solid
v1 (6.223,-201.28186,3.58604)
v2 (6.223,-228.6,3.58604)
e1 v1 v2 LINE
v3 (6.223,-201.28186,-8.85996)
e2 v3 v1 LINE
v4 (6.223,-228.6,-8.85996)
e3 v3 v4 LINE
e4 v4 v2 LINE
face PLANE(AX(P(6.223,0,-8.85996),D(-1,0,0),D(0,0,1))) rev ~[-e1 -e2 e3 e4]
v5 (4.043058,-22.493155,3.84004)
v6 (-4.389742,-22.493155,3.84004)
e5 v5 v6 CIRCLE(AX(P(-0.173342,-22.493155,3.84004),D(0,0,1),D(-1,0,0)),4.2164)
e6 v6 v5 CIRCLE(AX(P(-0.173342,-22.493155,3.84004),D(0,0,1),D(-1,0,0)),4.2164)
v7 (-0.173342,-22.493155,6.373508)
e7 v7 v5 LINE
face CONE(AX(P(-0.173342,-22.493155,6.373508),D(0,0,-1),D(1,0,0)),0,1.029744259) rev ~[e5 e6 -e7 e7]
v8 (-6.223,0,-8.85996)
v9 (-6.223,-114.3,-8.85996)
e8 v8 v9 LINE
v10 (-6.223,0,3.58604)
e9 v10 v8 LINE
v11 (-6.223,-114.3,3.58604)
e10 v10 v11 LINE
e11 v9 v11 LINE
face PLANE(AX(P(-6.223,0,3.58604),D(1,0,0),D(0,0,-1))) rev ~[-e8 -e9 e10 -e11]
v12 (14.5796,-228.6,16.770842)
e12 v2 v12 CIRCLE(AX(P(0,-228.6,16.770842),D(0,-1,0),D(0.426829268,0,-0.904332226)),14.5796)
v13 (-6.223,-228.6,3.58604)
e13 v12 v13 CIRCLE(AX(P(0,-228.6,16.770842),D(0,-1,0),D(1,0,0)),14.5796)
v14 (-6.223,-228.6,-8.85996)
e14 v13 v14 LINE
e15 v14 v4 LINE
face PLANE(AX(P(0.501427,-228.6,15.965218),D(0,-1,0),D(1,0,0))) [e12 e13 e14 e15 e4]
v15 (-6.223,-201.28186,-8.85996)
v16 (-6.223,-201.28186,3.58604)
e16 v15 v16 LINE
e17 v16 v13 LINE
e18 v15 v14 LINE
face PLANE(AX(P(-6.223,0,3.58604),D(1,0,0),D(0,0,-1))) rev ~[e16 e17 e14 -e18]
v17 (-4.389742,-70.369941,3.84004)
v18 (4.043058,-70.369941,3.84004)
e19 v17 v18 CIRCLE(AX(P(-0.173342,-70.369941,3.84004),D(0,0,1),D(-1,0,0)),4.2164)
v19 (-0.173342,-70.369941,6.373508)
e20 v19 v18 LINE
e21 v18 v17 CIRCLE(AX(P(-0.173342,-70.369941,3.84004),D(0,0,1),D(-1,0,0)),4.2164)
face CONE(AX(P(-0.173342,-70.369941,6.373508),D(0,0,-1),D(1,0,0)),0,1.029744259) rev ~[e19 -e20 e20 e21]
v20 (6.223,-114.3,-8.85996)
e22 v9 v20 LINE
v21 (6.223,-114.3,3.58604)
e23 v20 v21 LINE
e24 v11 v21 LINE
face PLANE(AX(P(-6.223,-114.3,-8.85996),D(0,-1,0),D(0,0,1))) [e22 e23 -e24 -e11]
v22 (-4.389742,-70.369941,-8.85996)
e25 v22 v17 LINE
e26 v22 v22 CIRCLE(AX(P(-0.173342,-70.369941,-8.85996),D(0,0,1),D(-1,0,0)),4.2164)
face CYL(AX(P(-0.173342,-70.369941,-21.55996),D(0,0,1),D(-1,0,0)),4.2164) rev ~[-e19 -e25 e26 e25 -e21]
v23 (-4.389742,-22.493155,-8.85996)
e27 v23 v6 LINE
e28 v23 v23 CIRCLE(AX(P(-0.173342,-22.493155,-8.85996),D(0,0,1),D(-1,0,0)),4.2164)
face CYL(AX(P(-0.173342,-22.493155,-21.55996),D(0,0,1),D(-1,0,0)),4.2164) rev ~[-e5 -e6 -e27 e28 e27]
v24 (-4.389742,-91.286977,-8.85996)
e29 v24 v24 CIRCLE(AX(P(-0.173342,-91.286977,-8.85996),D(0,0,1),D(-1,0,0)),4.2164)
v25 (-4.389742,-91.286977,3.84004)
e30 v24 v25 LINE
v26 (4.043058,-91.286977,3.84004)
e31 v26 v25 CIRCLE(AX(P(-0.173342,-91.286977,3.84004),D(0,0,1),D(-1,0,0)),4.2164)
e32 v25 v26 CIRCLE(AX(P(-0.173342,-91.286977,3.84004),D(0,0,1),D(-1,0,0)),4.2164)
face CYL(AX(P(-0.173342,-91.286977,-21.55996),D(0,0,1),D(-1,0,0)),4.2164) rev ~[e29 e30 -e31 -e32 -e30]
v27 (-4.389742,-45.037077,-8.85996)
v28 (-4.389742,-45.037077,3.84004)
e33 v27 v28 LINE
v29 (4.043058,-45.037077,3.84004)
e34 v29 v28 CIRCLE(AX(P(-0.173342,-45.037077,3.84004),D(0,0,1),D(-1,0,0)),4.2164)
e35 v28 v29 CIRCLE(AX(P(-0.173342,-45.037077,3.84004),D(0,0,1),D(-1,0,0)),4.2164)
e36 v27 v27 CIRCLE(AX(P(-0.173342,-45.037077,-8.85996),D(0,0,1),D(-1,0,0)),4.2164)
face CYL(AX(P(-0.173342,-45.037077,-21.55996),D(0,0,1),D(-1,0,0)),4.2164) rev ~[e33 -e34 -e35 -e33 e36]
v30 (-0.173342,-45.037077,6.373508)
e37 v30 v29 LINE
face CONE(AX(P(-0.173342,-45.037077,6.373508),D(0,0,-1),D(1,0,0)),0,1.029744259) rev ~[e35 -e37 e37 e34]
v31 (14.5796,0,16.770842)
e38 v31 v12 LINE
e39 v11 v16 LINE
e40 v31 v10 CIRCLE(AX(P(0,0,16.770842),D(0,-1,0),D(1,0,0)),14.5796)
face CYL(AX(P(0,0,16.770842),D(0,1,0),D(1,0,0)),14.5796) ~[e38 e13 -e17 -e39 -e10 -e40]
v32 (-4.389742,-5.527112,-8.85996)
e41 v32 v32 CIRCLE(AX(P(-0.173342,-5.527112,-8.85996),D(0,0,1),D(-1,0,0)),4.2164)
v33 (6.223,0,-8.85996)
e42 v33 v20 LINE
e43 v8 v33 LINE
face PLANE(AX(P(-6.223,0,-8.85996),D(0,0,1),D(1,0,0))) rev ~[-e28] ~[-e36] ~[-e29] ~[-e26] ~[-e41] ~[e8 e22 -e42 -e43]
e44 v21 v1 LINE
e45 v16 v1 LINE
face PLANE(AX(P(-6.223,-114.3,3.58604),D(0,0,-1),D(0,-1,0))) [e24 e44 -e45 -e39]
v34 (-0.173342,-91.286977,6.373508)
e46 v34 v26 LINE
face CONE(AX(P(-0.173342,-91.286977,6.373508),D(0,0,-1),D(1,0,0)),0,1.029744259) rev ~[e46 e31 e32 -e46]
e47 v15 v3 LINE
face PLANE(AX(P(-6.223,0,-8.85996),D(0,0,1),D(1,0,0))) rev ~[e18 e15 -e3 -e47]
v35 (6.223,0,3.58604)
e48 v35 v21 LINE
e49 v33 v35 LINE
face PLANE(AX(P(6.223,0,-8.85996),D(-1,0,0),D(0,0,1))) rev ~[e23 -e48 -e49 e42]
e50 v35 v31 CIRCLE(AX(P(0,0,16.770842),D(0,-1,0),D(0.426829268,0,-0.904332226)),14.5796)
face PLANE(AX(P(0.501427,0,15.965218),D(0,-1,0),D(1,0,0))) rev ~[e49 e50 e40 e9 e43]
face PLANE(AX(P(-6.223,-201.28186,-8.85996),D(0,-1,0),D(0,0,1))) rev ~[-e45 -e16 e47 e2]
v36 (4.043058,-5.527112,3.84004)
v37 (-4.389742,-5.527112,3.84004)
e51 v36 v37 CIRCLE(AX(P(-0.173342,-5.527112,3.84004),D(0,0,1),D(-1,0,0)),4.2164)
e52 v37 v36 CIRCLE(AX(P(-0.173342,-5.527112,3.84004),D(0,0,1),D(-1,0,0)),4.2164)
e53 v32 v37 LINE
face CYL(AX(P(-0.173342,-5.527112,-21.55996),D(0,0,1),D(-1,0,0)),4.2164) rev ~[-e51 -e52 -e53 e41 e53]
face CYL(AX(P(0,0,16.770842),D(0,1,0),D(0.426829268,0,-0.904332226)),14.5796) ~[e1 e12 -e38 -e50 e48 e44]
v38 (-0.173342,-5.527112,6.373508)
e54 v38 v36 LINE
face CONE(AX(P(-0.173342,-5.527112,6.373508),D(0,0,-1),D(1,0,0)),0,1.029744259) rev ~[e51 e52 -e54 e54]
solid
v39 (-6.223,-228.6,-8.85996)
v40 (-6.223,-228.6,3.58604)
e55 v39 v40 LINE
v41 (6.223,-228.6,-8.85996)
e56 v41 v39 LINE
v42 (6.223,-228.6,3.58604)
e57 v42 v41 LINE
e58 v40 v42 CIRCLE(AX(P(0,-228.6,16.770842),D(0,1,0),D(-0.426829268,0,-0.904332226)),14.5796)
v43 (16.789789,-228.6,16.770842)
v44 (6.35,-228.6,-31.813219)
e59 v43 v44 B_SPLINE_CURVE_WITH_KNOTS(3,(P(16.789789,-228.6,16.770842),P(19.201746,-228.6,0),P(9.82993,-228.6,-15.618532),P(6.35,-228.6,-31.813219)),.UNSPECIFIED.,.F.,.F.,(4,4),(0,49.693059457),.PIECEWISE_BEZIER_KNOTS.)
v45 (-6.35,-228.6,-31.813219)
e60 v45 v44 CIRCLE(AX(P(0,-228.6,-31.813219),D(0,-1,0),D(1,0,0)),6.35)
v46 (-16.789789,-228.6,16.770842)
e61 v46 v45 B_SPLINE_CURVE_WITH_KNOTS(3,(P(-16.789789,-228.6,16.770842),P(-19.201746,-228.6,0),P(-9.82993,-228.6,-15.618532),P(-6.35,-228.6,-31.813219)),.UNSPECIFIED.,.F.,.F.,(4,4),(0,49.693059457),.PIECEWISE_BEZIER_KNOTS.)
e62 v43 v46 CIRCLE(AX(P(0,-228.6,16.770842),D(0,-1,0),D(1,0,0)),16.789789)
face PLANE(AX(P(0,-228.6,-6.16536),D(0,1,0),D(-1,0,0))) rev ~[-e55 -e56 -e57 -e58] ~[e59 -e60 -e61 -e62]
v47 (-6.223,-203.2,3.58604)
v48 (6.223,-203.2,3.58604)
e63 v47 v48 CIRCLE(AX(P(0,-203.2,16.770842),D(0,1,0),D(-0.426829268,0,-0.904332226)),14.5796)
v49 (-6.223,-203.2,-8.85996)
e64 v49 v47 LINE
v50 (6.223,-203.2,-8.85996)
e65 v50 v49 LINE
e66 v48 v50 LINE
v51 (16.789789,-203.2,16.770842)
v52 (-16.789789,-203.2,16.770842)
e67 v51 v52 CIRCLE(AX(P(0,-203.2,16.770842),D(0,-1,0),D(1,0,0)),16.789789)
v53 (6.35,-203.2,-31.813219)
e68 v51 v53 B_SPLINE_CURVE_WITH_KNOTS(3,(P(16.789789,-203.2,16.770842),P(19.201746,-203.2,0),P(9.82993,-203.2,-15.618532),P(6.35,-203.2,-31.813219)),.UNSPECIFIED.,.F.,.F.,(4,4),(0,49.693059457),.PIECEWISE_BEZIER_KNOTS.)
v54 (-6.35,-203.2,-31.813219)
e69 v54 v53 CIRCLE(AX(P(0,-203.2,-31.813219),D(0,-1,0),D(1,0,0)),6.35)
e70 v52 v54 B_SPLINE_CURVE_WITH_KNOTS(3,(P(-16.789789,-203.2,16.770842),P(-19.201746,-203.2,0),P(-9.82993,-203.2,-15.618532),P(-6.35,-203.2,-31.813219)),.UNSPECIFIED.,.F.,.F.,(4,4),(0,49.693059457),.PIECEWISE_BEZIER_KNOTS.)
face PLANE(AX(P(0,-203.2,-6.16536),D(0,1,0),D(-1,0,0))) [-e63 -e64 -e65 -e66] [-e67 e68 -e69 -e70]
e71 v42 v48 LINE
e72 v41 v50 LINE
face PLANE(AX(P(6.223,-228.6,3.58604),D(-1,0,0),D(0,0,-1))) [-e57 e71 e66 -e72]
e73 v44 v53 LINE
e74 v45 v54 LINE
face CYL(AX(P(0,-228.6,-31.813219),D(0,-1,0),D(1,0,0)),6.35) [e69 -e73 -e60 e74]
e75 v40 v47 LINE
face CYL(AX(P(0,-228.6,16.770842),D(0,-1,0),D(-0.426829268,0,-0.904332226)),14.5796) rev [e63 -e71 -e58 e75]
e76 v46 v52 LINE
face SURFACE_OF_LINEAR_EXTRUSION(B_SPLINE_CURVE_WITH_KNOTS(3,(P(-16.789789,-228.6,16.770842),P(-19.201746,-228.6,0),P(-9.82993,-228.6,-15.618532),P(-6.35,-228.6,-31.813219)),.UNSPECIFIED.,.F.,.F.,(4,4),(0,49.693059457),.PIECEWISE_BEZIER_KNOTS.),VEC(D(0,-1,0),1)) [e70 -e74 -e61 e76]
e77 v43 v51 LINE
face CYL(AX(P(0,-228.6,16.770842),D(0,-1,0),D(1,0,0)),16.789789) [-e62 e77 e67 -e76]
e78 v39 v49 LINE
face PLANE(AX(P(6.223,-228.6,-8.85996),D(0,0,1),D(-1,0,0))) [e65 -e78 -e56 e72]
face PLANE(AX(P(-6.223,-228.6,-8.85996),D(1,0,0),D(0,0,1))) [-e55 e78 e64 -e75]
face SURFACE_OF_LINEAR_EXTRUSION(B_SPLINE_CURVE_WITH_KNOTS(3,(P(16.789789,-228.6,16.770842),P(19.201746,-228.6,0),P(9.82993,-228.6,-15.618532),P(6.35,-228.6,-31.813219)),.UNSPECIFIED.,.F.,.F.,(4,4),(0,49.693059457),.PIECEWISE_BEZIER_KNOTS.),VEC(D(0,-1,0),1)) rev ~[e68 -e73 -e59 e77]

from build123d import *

# Parameters (mm, degrees)
F1_DEPTH = 228.6
F3_DEPTH = 25.4
F5_D     = 8.4328
F5_DEPTH = 12.7
F5_TIP   = 2.5334687141
F6_W     = 86.9818604708
F6_H     = 12.446
F7_DEPTH = 23.4055951238


with BuildPart() as f1:
    # F0 (on Front) → F1 (new body)
    with BuildSketch(Plane.XZ):
        with BuildLine():
            ThreePointArc((6.223, 3.5860395744), (12.3144952588, 8.9658469761), (14.5796, 16.7708417026))
            ThreePointArc((14.5796, 16.7708417026), (-7.8049947265, 29.0853369614), (-6.223, 3.5860395744))
            ThreePointArc((-6.223, 3.5860395744), (0, 2.1912417026), (6.223, 3.5860395744))
        make_face()
        with BuildLine():
            ThreePointArc((6.223, 3.5860395744), (0, 2.1912417026), (-6.223, 3.5860395744))
            Line((-6.223, 3.5860395744), (-6.223, -8.8599604256))
            Line((-6.223, -8.8599604256), (6.223, -8.8599604256))
            Line((6.223, -8.8599604256), (6.223, 3.5860395744))
        make_face()
    extrude(amount=F1_DEPTH)

    # F5
    with Locations(Plane(origin=(0, 0, -8.8599604256), x_dir=(1, 0, 0), z_dir=(0, 0, -1))):
        with Locations((-0.1733420359, 5.5271118879), (-0.1733420359, 22.4931549281), (-0.1733420359, 45.0370769948), (-0.1733420359, 70.3699413687), (-0.1733420359, 91.286977008)):
            Hole(F5_D / 2, depth=F5_DEPTH)
            with Locations((0, 0, -(F5_DEPTH + F5_TIP / 2))):  # 118° drill point
                Cone(0, F5_D / 2, F5_TIP, mode=Mode.SUBTRACT)

    # F6 (on face) → F7 (cut, through all)
    with BuildSketch(Plane(origin=(-6.223, 0, 0), x_dir=(0, -1, 0), z_dir=(-1, 0, 0))):
        with Locations((157.7909302354, -2.6369604256)):
            Rectangle(F6_W, F6_H)
    extrude(amount=-F7_DEPTH, mode=Mode.SUBTRACT)


with BuildPart() as f3:
    # F2 (on face) → F3 (new body)
    with BuildSketch(Plane.XZ.offset(228.6)):
        with BuildLine():
            add(Edge.make_bspline(
                [(16.7897885729, 16.7708417026), (19.2017462105, 0), (9.8299295243, -15.6185322256), (6.35, -31.8132191896)],
                knots=[0, 0, 0, 0, 49.6930594573, 49.6930594573, 49.6930594573, 49.6930594573], degree=3))
            ThreePointArc((16.7897885729, 16.7708417026), (13.8992779419, 7.3523984651), (6.223, 1.1768918718))
            Line((6.223, 1.1768918718), (6.223, -8.8599604256))
            Line((6.223, -8.8599604256), (-6.223, -8.8599604256))
            Line((-6.223, -8.8599604256), (-6.223, 1.1768918718))
            ThreePointArc((-6.223, 1.1768918718), (-13.8992779419, 7.3523984651), (-16.7897885729, 16.7708417026))
            add(Edge.make_bspline(
                [(-16.7897885729, 16.7708417026), (-19.2017462105, 0), (-9.8299295243, -15.6185322256), (-6.35, -31.8132191896)],
                knots=[0, 0, 0, 0, 49.6930594573, 49.6930594573, 49.6930594573, 49.6930594573], degree=3))
            ThreePointArc((-6.35, -31.8132191896), (0, -25.4632191896), (6.35, -31.8132191896))
        make_face()
        with BuildLine():
            ThreePointArc((-6.35, -31.8132191896), (0, -38.1632191896), (6.35, -31.8132191896))
            ThreePointArc((6.35, -31.8132191896), (0, -25.4632191896), (-6.35, -31.8132191896))
        make_face()
        with BuildLine():
            ThreePointArc((6.223, 1.1768918718), (13.8992779419, 7.3523984651), (16.7897885729, 16.7708417026))
            ThreePointArc((16.7897885729, 16.7708417026), (0, 33.5606302755), (-16.7897885729, 16.7708417026))
            ThreePointArc((-16.7897885729, 16.7708417026), (-13.8992779419, 7.3523984651), (-6.223, 1.1768918718))
            Line((-6.223, 1.1768918718), (-6.223, 3.5860395744))
            ThreePointArc((-6.223, 3.5860395744), (0, 31.3504417026), (6.223, 3.5860395744))
            Line((6.223, 3.5860395744), (6.223, 1.1768918718))
        make_face()
    extrude(amount=-F3_DEPTH)


solid = Compound([f1.part, f3.part])
